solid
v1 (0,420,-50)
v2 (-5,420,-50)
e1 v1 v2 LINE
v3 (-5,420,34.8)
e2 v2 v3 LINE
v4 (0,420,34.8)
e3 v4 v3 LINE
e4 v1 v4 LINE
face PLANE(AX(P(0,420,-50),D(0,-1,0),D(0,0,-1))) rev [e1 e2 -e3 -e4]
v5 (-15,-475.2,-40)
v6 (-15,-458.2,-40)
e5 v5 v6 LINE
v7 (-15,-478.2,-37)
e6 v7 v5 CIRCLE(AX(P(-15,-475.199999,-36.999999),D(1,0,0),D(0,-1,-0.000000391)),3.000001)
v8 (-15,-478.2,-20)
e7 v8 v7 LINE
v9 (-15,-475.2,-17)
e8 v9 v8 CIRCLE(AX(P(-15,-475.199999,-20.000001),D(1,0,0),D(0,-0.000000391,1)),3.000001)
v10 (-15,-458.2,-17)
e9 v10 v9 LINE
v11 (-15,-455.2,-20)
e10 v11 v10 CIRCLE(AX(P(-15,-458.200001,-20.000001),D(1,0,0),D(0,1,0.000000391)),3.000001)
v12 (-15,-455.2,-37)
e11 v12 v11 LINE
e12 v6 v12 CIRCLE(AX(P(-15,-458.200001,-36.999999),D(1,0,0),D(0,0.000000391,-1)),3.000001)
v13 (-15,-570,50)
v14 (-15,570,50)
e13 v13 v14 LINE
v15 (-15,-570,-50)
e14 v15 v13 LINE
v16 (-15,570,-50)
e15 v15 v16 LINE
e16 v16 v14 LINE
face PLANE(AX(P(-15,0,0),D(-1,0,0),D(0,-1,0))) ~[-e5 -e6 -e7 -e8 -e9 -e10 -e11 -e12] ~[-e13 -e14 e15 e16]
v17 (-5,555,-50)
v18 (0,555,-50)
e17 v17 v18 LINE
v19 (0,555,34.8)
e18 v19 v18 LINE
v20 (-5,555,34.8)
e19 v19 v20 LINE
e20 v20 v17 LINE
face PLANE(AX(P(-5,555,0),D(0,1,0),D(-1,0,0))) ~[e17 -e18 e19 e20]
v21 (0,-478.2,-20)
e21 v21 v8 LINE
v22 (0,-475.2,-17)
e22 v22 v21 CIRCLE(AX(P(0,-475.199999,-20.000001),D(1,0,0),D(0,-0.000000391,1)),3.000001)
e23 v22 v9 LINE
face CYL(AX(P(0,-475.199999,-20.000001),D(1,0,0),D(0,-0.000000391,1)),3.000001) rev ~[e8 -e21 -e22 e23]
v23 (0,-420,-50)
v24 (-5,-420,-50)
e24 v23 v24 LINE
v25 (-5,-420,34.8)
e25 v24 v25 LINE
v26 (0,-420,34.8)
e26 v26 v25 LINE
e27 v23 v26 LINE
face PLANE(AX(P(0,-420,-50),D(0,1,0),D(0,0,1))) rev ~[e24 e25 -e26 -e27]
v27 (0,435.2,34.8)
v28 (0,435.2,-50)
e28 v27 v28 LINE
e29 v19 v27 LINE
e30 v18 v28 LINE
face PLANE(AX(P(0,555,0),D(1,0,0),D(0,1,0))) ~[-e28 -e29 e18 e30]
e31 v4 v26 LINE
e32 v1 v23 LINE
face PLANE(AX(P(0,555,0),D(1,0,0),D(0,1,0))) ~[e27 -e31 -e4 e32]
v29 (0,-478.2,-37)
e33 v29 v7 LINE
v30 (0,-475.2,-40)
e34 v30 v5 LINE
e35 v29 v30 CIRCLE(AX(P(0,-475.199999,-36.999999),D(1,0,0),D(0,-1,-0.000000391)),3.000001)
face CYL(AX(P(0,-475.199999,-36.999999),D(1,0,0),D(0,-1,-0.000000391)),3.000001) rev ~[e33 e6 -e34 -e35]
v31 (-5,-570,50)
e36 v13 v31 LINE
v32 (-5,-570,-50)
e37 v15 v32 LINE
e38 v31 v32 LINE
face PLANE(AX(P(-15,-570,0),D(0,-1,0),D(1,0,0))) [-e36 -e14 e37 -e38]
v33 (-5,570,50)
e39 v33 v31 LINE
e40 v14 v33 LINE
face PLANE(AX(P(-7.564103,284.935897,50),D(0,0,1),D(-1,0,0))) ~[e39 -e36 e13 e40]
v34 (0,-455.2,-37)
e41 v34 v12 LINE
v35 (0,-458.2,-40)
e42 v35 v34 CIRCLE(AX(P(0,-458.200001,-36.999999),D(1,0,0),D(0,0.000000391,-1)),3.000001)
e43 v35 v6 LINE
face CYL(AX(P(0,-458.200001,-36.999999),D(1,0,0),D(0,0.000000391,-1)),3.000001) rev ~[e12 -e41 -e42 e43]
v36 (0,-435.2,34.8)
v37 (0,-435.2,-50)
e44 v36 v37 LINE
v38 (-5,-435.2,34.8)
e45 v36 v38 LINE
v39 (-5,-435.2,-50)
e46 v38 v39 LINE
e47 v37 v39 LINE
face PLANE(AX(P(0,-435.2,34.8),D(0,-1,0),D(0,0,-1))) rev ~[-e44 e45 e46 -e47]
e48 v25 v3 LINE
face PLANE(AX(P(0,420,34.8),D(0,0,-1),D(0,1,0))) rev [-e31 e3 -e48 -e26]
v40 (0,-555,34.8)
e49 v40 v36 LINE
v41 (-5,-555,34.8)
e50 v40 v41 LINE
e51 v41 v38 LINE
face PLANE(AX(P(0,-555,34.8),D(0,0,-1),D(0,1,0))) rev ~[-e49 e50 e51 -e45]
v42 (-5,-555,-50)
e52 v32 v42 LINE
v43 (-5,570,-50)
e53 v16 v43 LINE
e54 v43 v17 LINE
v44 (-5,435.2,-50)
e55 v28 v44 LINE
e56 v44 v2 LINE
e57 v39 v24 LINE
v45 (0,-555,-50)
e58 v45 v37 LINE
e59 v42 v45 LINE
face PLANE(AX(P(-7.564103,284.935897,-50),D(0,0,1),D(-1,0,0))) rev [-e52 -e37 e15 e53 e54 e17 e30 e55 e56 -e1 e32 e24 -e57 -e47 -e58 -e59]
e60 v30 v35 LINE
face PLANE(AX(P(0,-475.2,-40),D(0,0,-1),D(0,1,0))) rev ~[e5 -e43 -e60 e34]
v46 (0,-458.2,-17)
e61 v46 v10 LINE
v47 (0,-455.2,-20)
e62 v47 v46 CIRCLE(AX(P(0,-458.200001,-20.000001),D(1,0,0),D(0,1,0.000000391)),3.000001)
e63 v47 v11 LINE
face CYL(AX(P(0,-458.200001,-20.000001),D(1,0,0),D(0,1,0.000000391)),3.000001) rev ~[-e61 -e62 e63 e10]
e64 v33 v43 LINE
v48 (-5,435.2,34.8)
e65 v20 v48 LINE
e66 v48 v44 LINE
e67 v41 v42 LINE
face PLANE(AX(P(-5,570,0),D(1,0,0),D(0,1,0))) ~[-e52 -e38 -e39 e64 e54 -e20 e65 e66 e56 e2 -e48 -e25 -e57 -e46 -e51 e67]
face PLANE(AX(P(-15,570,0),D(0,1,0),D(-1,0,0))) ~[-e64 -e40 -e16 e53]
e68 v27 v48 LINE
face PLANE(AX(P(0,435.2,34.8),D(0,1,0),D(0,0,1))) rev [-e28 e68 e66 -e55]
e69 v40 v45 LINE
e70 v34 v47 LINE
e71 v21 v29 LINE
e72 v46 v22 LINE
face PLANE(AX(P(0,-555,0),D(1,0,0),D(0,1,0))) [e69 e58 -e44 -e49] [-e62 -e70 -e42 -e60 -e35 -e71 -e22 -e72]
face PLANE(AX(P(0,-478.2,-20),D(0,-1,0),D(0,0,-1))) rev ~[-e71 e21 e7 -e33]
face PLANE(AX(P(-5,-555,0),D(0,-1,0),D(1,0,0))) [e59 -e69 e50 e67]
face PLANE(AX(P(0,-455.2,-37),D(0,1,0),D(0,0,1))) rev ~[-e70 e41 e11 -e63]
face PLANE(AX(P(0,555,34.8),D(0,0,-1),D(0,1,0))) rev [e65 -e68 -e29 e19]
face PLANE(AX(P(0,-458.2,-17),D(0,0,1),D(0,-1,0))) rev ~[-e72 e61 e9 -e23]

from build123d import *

# Parameters (mm, degrees)
F1_DEPTH = 50
F3_DEPTH = 5
F6_DEPTH = 15


with BuildPart() as f1:
    # F0 (on Top) → F1 (new body, symmetric)
    with BuildSketch(Plane.XY):
        Polygon((0, -555), (0, 0), (-15, 0), (-15, -570), (-5, -570), (-5, -555), align=None)
    extrude(amount=F1_DEPTH, both=True)

    # F2 (on face) → F3 (cut)
    with BuildSketch(Plane.YZ):
        Polygon((-435.2, 34.8), (-435.2, -50), (-420, -50), (-420, 34.8), (0, 34.8), (0, 50), (-555, 50), (-555, 34.8), align=None)
    extrude(amount=-F3_DEPTH, mode=Mode.SUBTRACT)

    # F4: F1 across face


with BuildPart() as f1_1:
    add(f1.part)
    add(f1.part.mirror(Plane(origin=(-7.766854, 0, -2.262921), x_dir=(-1, 0, 0), z_dir=(0, 1, 0))))

    # F5 (on face) → F6 (cut, through all)
    with BuildSketch(Plane.YZ):
        with BuildLine():
            Line((-478.2, -20), (-478.2, -37))
            ThreePointArc((-478.2, -37), (-477.32132, -39.12132), (-475.2, -40))
            Line((-475.2, -40), (-458.2, -40))
            ThreePointArc((-458.2, -40), (-456.07868, -39.12132), (-455.2, -37))
            Line((-455.2, -37), (-455.2, -20))
            ThreePointArc((-455.2, -20), (-456.07868, -17.87868), (-458.2, -17))
            Line((-458.2, -17), (-475.2, -17))
            ThreePointArc((-475.2, -17), (-477.32132, -17.87868), (-478.2, -20))
        make_face()
    extrude(amount=-F6_DEPTH, mode=Mode.SUBTRACT)


solid = f1_1.part
